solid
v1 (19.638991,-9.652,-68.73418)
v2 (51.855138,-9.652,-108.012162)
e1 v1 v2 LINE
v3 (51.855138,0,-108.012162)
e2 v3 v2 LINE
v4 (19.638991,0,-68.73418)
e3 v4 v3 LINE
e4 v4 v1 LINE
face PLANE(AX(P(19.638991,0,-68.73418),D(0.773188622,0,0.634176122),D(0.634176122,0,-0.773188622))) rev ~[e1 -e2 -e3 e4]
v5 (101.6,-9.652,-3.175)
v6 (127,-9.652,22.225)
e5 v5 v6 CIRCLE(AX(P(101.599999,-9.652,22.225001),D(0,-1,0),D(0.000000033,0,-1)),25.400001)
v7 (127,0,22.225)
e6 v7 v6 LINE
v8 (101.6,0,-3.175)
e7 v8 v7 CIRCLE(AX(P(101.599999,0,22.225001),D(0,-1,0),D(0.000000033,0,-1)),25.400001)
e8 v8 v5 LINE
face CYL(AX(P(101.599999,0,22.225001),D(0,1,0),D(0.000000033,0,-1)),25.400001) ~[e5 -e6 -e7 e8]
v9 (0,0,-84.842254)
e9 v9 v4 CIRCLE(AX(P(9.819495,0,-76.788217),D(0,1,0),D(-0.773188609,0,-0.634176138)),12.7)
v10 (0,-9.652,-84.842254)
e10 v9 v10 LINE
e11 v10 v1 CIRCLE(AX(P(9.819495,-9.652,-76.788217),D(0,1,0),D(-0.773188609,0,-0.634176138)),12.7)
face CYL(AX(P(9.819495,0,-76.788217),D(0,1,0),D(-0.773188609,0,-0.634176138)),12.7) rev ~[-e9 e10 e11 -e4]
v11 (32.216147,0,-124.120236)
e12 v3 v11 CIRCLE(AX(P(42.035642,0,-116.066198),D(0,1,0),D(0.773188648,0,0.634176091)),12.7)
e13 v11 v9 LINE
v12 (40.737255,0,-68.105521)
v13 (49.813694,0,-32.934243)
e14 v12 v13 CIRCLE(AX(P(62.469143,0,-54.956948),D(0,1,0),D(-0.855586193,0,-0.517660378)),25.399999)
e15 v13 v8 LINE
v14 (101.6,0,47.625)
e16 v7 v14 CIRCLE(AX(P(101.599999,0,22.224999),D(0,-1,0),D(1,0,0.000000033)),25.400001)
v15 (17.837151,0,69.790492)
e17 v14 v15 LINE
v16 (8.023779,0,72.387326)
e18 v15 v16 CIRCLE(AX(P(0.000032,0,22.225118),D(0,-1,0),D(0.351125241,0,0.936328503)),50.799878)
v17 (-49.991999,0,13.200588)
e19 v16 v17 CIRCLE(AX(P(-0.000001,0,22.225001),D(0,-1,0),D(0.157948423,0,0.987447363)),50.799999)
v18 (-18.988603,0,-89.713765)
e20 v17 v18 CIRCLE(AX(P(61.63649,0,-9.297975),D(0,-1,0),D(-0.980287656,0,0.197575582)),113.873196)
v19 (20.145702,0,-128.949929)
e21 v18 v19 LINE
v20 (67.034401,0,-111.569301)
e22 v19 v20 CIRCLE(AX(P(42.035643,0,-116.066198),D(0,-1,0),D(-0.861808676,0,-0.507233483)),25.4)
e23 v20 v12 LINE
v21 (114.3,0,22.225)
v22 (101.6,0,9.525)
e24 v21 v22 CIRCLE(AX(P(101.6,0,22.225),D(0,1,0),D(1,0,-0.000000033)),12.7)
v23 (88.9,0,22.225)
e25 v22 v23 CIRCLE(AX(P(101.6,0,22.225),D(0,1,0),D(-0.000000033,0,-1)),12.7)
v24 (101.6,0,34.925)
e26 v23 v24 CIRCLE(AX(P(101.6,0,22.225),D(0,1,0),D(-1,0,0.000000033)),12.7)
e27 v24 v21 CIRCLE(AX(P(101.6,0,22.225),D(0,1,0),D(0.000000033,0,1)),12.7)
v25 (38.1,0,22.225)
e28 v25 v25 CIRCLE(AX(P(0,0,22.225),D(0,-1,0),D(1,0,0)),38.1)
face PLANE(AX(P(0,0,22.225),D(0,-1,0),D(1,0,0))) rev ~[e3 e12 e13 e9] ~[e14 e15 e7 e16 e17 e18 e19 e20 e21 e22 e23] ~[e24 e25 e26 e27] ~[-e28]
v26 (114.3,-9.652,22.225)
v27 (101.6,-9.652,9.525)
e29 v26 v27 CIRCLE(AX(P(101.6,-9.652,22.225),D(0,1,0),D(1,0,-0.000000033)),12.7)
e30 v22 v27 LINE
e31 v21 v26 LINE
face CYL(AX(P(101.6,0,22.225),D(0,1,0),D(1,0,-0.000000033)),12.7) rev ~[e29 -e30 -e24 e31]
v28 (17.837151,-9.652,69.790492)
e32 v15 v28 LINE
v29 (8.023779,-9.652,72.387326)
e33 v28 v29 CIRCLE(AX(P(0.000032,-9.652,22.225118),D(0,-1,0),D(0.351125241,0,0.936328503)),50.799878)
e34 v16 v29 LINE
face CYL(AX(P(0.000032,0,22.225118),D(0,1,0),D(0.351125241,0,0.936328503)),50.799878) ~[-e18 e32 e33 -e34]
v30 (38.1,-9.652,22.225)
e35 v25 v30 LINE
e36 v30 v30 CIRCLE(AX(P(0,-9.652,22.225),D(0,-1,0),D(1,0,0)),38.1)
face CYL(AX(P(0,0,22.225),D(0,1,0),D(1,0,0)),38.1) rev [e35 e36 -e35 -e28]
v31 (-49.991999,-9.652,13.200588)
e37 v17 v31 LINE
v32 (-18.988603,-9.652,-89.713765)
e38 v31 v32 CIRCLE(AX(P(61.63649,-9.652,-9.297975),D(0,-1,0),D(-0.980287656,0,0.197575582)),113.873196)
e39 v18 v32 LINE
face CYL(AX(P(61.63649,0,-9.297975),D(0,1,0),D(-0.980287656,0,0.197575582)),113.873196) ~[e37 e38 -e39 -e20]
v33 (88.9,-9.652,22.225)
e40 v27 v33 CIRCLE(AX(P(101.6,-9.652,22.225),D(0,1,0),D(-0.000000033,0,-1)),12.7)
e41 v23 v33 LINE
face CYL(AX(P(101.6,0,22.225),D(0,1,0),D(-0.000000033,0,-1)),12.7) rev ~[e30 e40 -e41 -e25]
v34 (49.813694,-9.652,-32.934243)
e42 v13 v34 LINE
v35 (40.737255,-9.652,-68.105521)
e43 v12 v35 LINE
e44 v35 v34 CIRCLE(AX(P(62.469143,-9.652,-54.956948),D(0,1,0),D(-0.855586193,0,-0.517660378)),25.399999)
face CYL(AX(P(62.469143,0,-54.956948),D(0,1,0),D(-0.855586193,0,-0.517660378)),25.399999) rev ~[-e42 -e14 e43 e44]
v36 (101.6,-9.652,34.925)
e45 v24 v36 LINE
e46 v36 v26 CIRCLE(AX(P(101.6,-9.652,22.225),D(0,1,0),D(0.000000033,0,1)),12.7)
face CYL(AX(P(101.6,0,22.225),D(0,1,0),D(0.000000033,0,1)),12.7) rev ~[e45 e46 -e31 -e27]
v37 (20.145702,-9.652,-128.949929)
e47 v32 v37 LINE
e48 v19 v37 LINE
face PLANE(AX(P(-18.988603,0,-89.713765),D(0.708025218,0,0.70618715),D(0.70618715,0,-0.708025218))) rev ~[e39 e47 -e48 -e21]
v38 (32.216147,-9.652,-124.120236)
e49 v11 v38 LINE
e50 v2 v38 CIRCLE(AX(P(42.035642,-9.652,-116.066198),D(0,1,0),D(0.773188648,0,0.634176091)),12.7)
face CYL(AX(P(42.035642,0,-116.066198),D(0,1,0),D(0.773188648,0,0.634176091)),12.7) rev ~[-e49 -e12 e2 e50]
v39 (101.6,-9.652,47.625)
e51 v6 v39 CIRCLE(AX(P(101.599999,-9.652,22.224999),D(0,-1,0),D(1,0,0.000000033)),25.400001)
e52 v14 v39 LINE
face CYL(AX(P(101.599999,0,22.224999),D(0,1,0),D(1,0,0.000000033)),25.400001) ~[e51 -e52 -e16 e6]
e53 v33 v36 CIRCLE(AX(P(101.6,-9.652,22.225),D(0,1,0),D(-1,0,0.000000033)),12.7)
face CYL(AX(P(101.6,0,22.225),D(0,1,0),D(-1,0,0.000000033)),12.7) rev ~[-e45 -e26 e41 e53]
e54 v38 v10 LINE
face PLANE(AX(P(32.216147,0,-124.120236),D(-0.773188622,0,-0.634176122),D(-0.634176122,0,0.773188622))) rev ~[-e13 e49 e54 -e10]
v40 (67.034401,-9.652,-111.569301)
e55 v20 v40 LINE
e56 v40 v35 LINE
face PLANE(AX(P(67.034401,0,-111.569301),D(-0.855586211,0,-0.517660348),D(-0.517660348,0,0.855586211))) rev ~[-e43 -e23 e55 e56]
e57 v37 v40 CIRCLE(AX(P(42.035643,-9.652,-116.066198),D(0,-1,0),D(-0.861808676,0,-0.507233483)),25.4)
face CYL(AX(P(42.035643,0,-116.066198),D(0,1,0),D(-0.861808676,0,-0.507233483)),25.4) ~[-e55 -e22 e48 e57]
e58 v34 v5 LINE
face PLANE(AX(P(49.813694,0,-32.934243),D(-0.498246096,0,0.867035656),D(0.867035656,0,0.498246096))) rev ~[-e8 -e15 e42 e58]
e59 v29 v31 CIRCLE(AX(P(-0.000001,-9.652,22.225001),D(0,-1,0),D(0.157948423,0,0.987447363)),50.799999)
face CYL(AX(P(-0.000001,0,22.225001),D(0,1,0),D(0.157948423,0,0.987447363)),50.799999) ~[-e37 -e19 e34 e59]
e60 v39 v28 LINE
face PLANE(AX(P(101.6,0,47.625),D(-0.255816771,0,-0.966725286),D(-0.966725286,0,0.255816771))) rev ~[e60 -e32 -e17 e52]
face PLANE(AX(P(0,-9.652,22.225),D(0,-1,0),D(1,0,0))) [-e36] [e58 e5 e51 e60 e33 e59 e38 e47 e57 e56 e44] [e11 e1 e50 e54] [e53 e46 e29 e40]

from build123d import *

# Parameters (mm, degrees)
F0_R     = 38.1
F1_DEPTH = 9.652


with BuildPart() as f1:
    # F0 (on Front) → F1 (new body)
    with BuildSketch(Plane.XZ):
        with Locations((0, 22.225)):
            Circle(F0_R)
        Polygon((19.247415, 11.1125), (0, 0), (-19.247415, 11.1125), (-19.247415, 33.3375), (0, 44.45), (19.247415, 33.3375), (19.247415, 22.225), align=None, mode=Mode.SUBTRACT)
        with BuildLine():
            ThreePointArc((-49.991999, 13.200588), (4.530256, -28.372597), (50.8, 22.225))
            ThreePointArc((50.8, 22.225), (41.753846, 51.160383), (17.837151, 69.790492))
            Line((17.837151, 69.790492), (8.023779, 72.387326))
            ThreePointArc((8.023779, 72.387326), (-36.278098, 57.785366), (-49.991999, 13.200588))
        make_face()
        with Locations((0, 22.225)):
            Circle(F0_R, mode=Mode.SUBTRACT)
        with BuildLine():
            ThreePointArc((17.837151, 69.790492), (41.753846, 51.160383), (50.8, 22.225))
            Line((50.8, 22.225), (88.9, 22.225))
            ThreePointArc((88.9, 22.225), (92.619744, 31.205256), (101.6, 34.925))
            Line((101.6, 34.925), (101.6, 47.625))
            Line((101.6, 47.625), (17.837151, 69.790492))
        make_face()
        with BuildLine():
            Line((88.9, 22.225), (50.8, 22.225))
            ThreePointArc((50.8, 22.225), (4.530256, -28.372597), (-49.991999, 13.200588))
            ThreePointArc((-49.991999, 13.200588), (-47.396537, -42.144648), (-18.988603, -89.713765))
            Line((-18.988603, -89.713765), (20.145702, -128.949929))
            ThreePointArc((20.145702, -128.949929), (50.863878, -139.882627), (67.034401, -111.569301))
            Line((67.034401, -111.569301), (40.737255, -68.105521))
            ThreePointArc((40.737255, -68.105521), (37.874897, -48.61006), (49.813694, -32.934243))
            Line((49.813694, -32.934243), (101.6, -3.175))
            Line((101.6, -3.175), (101.6, 9.525))
            ThreePointArc((101.6, 9.525), (92.619744, 13.244744), (88.9, 22.225))
        make_face()
        with BuildLine():
            Line((19.638991, -68.73418), (51.855138, -108.012162))
            ThreePointArc((51.855138, -108.012162), (50.089679, -125.885694), (32.216147, -124.120236))
            Line((32.216147, -124.120236), (0, -84.842254))
            ThreePointArc((0, -84.842254), (1.765459, -66.968721), (19.638991, -68.73418))
        make_face(mode=Mode.SUBTRACT)
        with BuildLine():
            Line((8.023779, 72.387326), (17.837151, 69.790492))
            ThreePointArc((17.837151, 69.790492), (12.995492, 71.334645), (8.023779, 72.387326))
        make_face()
        with BuildLine():
            ThreePointArc((127, 22.225), (119.560512, 40.185512), (101.6, 47.625))
            Line((101.6, 47.625), (101.6, 34.925))
            ThreePointArc((101.6, 34.925), (110.580256, 31.205256), (114.3, 22.225))
            Line((114.3, 22.225), (127, 22.225))
        make_face()
        with BuildLine():
            ThreePointArc((114.3, 22.225), (110.580256, 13.244744), (101.6, 9.525))
            Line((101.6, 9.525), (101.6, -3.175))
            ThreePointArc((101.6, -3.175), (119.560512, 4.264488), (127, 22.225))
            Line((127, 22.225), (114.3, 22.225))
        make_face()
    extrude(amount=F1_DEPTH)


solid = f1.part
